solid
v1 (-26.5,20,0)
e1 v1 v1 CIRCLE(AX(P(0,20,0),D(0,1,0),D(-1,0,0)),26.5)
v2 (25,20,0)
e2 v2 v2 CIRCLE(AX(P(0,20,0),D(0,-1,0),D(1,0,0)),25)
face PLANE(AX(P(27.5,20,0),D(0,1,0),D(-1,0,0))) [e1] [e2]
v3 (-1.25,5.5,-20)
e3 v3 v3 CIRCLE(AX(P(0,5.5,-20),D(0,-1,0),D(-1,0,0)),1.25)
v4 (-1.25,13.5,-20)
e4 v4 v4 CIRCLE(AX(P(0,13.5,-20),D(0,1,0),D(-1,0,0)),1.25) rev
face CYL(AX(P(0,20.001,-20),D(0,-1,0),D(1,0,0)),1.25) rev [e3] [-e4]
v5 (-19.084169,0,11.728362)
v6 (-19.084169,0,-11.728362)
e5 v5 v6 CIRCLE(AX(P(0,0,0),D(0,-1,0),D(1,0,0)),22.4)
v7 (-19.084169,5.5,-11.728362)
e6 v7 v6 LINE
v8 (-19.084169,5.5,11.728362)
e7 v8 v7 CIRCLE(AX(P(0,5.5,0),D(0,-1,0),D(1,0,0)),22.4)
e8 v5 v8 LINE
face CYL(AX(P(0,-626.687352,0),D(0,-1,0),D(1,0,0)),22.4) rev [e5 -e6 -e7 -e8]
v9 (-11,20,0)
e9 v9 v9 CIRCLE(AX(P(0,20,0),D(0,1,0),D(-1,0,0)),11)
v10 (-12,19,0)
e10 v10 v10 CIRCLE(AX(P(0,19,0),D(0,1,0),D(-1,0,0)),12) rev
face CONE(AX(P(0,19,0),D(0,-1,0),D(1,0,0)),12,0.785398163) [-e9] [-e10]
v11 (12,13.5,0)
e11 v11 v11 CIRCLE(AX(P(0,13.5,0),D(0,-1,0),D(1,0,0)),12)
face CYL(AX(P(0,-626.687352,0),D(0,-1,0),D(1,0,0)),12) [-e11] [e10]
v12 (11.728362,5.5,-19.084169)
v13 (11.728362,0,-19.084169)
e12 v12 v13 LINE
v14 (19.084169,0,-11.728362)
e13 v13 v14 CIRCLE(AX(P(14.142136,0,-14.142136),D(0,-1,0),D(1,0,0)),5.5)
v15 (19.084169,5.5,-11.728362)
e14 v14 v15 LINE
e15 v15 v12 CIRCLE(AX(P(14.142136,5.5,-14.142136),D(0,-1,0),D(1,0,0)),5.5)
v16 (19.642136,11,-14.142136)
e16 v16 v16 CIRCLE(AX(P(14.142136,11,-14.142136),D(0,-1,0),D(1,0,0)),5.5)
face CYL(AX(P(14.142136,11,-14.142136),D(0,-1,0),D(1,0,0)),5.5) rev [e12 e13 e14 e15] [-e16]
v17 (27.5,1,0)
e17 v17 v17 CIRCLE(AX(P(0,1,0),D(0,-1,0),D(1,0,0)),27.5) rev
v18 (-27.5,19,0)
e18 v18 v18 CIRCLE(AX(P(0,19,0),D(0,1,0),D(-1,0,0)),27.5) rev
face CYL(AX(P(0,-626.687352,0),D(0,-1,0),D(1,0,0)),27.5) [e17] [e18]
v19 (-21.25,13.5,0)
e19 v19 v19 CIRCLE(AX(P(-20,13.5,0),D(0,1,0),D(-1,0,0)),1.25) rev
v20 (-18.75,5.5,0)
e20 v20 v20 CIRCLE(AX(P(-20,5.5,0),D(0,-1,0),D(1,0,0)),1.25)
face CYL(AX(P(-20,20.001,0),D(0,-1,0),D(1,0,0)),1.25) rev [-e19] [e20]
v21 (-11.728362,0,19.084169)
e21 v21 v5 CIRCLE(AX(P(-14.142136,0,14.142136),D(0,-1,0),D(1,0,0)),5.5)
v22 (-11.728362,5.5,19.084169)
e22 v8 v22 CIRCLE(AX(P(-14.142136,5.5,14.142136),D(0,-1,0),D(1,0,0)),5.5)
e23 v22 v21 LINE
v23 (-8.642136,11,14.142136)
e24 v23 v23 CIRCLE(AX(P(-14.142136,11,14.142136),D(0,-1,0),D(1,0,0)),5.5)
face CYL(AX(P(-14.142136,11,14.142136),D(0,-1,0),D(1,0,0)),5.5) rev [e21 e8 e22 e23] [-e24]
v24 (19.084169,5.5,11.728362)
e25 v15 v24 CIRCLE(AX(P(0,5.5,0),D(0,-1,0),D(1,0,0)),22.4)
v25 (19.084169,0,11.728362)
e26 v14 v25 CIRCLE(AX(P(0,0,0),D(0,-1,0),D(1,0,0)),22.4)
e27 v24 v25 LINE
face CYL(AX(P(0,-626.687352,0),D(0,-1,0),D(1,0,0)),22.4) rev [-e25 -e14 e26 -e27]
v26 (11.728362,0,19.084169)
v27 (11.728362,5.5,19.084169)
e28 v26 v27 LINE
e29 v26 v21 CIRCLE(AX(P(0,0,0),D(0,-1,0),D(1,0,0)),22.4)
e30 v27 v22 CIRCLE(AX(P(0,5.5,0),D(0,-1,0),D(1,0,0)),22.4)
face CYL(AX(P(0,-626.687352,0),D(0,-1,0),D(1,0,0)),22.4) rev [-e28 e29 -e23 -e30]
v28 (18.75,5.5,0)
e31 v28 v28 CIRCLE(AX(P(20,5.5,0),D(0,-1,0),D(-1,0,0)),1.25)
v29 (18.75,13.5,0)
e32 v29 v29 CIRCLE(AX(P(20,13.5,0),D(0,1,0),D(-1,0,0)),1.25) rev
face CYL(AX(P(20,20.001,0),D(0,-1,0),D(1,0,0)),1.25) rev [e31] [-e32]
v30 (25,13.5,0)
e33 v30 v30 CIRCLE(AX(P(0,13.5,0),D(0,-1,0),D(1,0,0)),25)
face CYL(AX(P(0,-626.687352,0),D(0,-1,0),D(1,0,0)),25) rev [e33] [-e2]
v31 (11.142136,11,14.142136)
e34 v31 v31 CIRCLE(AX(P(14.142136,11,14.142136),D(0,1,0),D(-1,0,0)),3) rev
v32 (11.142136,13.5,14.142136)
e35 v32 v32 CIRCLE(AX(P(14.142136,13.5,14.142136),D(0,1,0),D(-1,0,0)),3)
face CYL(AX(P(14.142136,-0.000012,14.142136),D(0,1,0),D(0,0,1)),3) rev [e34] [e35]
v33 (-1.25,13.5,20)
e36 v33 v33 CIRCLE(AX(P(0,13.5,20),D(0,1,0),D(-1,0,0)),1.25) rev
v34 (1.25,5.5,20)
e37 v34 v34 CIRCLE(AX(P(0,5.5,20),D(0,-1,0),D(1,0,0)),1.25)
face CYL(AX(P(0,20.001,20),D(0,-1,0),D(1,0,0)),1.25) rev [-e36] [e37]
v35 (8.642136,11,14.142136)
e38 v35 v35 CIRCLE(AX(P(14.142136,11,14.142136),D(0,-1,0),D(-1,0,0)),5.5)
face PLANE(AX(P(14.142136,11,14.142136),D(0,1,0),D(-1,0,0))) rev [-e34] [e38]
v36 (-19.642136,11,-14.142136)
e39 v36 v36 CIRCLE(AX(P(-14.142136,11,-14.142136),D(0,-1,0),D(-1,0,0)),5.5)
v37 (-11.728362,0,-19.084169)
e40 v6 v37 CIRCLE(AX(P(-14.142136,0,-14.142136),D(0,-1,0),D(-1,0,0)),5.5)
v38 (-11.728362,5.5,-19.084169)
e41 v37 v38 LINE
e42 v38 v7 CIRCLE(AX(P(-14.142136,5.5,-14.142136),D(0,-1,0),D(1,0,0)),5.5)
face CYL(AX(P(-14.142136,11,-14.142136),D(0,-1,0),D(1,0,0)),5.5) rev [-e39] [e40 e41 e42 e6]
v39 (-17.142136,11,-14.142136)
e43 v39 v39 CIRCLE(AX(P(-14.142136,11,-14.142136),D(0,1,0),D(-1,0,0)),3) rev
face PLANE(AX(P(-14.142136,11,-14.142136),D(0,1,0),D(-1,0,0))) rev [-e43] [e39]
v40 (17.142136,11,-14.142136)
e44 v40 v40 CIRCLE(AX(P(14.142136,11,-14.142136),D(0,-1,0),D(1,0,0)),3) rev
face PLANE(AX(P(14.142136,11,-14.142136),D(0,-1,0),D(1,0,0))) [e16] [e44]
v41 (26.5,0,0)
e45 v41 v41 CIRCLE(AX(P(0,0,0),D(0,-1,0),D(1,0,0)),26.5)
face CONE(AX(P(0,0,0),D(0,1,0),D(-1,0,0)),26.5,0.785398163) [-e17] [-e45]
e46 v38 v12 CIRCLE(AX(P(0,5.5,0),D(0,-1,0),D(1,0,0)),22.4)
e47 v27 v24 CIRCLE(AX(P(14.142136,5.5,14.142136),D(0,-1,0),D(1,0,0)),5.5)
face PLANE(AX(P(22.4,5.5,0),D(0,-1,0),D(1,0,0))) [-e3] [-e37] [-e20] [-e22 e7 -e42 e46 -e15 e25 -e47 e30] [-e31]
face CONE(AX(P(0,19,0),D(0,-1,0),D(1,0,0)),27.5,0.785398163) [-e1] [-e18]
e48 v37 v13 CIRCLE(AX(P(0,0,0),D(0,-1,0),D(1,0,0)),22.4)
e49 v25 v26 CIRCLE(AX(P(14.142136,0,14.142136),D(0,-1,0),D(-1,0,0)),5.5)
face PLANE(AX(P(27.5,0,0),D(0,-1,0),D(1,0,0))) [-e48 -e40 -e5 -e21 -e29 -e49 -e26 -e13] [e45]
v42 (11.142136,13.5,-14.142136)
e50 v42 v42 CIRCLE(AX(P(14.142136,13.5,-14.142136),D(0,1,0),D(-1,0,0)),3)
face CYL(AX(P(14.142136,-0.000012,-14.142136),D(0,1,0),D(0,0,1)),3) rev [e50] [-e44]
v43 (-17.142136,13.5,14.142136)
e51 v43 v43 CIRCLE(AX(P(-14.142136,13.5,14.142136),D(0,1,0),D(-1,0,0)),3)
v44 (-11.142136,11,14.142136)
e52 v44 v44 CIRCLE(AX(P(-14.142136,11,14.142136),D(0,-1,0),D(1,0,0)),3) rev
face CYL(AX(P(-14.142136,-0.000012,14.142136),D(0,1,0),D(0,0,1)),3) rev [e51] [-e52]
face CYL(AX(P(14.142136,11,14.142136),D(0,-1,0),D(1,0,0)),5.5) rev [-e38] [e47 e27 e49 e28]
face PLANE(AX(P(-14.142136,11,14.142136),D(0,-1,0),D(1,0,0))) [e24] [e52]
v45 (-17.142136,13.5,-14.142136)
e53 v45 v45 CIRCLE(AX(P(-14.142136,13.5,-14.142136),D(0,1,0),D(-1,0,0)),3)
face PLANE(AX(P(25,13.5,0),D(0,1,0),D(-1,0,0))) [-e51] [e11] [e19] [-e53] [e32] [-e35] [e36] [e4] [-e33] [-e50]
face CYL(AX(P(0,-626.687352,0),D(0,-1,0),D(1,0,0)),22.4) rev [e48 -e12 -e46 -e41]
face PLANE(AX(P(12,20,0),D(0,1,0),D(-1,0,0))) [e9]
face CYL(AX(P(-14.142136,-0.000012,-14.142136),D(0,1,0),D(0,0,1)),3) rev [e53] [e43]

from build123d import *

# Parameters (mm, degrees)
SKETCH2_R               = 3
CUT_EXTRUDE2_DEPTH      = 21
CUT_EXTRUDE2_DEPTH_BACK = 1
SKETCH3_R               = 5.5
CUT_EXTRUDE3_DEPTH      = 11
CUT_EXTRUDE4_REACH      = 16.5
SKETCH4_R               = 1.25
CHAMFER1_SIZE           = 1


with BuildPart() as part:
    # Sketch1 → Revolve1 (revolve)
    with BuildSketch(Plane.XY):
        Polygon((27.5, 0), (27.5, 20), (25, 20), (25, 13.5), (12, 13.5), (12, 20), (0, 20), (0, 5.5), (22.4, 5.5), (22.4, 0), align=None)
    revolve(axis=Axis((0, -626.687351978, 0), (0, 1, 0)))

    # Sketch2 → Cut-Extrude2 (cut, two sides)
    with BuildSketch(Plane(origin=(0, 0, 0), x_dir=(1, 0, 0), z_dir=(0, 1, 0))) as cut_extrude2_sk:
        with Locations((-14.142135624, 14.142135624)):
            Circle(SKETCH2_R)
        with Locations((14.142135624, 14.142135624)):
            Circle(SKETCH2_R)
        with Locations((14.142135624, -14.142135624)):
            Circle(SKETCH2_R)
        with Locations((-14.142135624, -14.142135624)):
            Circle(SKETCH2_R)
    extrude(amount=CUT_EXTRUDE2_DEPTH, mode=Mode.SUBTRACT)
    extrude(cut_extrude2_sk.sketch, amount=-CUT_EXTRUDE2_DEPTH_BACK, mode=Mode.SUBTRACT)

    # Sketch3 → Cut-Extrude3 (cut)
    with BuildSketch(Plane.XZ):
        with Locations((-14.142135624, 14.142135624)):
            Circle(SKETCH3_R)
        with Locations((14.142135624, 14.142135624)):
            Circle(SKETCH3_R)
        with Locations((14.142135624, -14.142135624)):
            Circle(SKETCH3_R)
        with Locations((-14.142135624, -14.142135624)):
            Circle(SKETCH3_R)
    extrude(amount=-CUT_EXTRUDE3_DEPTH, mode=Mode.SUBTRACT)

    # Sketch4 → Cut-Extrude4 (cut, up to next)
    with BuildSketch(Plane.XZ.offset(-5.5), mode=Mode.PRIVATE) as cut_extrude4_sk1:
        with Locations((0, 20)):
            Circle(SKETCH4_R)
    cut_extrude4_tool1 = extrude(cut_extrude4_sk1.sketch, amount=-CUT_EXTRUDE4_REACH, mode=Mode.PRIVATE) & part.part
    add(cut_extrude4_tool1.solids().sort_by_distance((0, 5.5, 20))[0], mode=Mode.SUBTRACT)
    # Sketch4 → Cut-Extrude4 (cut, up to next)
    with BuildSketch(Plane.XZ.offset(-5.5), mode=Mode.PRIVATE) as cut_extrude4_sk2:
        with Locations((-20, 0)):
            Circle(SKETCH4_R)
    cut_extrude4_tool2 = extrude(cut_extrude4_sk2.sketch, amount=-CUT_EXTRUDE4_REACH, mode=Mode.PRIVATE) & part.part
    add(cut_extrude4_tool2.solids().sort_by_distance((-20, 5.5, 0))[0], mode=Mode.SUBTRACT)
    # Sketch4 → Cut-Extrude4 (cut, up to next)
    with BuildSketch(Plane.XZ.offset(-5.5), mode=Mode.PRIVATE) as cut_extrude4_sk3:
        with Locations((0, -20)):
            Circle(SKETCH4_R)
    cut_extrude4_tool3 = extrude(cut_extrude4_sk3.sketch, amount=-CUT_EXTRUDE4_REACH, mode=Mode.PRIVATE) & part.part
    add(cut_extrude4_tool3.solids().sort_by_distance((0, 5.5, -20))[0], mode=Mode.SUBTRACT)
    # Sketch4 → Cut-Extrude4 (cut, up to next)
    with BuildSketch(Plane.XZ.offset(-5.5), mode=Mode.PRIVATE) as cut_extrude4_sk4:
        with Locations((20, 0)):
            Circle(SKETCH4_R)
    cut_extrude4_tool4 = extrude(cut_extrude4_sk4.sketch, amount=-CUT_EXTRUDE4_REACH, mode=Mode.PRIVATE) & part.part
    add(cut_extrude4_tool4.solids().sort_by_distance((20, 5.5, 0))[0], mode=Mode.SUBTRACT)

    # Chamfer1
    chamfer1_edges = [part.edges().sort_by_distance(p)[0] for p in [
        (-12, 20, 0),
        (-27.5, 0, 0),
        (-27.5, 20, 0),
    ]]
    chamfer(chamfer1_edges, length=CHAMFER1_SIZE)


solid = part.part
